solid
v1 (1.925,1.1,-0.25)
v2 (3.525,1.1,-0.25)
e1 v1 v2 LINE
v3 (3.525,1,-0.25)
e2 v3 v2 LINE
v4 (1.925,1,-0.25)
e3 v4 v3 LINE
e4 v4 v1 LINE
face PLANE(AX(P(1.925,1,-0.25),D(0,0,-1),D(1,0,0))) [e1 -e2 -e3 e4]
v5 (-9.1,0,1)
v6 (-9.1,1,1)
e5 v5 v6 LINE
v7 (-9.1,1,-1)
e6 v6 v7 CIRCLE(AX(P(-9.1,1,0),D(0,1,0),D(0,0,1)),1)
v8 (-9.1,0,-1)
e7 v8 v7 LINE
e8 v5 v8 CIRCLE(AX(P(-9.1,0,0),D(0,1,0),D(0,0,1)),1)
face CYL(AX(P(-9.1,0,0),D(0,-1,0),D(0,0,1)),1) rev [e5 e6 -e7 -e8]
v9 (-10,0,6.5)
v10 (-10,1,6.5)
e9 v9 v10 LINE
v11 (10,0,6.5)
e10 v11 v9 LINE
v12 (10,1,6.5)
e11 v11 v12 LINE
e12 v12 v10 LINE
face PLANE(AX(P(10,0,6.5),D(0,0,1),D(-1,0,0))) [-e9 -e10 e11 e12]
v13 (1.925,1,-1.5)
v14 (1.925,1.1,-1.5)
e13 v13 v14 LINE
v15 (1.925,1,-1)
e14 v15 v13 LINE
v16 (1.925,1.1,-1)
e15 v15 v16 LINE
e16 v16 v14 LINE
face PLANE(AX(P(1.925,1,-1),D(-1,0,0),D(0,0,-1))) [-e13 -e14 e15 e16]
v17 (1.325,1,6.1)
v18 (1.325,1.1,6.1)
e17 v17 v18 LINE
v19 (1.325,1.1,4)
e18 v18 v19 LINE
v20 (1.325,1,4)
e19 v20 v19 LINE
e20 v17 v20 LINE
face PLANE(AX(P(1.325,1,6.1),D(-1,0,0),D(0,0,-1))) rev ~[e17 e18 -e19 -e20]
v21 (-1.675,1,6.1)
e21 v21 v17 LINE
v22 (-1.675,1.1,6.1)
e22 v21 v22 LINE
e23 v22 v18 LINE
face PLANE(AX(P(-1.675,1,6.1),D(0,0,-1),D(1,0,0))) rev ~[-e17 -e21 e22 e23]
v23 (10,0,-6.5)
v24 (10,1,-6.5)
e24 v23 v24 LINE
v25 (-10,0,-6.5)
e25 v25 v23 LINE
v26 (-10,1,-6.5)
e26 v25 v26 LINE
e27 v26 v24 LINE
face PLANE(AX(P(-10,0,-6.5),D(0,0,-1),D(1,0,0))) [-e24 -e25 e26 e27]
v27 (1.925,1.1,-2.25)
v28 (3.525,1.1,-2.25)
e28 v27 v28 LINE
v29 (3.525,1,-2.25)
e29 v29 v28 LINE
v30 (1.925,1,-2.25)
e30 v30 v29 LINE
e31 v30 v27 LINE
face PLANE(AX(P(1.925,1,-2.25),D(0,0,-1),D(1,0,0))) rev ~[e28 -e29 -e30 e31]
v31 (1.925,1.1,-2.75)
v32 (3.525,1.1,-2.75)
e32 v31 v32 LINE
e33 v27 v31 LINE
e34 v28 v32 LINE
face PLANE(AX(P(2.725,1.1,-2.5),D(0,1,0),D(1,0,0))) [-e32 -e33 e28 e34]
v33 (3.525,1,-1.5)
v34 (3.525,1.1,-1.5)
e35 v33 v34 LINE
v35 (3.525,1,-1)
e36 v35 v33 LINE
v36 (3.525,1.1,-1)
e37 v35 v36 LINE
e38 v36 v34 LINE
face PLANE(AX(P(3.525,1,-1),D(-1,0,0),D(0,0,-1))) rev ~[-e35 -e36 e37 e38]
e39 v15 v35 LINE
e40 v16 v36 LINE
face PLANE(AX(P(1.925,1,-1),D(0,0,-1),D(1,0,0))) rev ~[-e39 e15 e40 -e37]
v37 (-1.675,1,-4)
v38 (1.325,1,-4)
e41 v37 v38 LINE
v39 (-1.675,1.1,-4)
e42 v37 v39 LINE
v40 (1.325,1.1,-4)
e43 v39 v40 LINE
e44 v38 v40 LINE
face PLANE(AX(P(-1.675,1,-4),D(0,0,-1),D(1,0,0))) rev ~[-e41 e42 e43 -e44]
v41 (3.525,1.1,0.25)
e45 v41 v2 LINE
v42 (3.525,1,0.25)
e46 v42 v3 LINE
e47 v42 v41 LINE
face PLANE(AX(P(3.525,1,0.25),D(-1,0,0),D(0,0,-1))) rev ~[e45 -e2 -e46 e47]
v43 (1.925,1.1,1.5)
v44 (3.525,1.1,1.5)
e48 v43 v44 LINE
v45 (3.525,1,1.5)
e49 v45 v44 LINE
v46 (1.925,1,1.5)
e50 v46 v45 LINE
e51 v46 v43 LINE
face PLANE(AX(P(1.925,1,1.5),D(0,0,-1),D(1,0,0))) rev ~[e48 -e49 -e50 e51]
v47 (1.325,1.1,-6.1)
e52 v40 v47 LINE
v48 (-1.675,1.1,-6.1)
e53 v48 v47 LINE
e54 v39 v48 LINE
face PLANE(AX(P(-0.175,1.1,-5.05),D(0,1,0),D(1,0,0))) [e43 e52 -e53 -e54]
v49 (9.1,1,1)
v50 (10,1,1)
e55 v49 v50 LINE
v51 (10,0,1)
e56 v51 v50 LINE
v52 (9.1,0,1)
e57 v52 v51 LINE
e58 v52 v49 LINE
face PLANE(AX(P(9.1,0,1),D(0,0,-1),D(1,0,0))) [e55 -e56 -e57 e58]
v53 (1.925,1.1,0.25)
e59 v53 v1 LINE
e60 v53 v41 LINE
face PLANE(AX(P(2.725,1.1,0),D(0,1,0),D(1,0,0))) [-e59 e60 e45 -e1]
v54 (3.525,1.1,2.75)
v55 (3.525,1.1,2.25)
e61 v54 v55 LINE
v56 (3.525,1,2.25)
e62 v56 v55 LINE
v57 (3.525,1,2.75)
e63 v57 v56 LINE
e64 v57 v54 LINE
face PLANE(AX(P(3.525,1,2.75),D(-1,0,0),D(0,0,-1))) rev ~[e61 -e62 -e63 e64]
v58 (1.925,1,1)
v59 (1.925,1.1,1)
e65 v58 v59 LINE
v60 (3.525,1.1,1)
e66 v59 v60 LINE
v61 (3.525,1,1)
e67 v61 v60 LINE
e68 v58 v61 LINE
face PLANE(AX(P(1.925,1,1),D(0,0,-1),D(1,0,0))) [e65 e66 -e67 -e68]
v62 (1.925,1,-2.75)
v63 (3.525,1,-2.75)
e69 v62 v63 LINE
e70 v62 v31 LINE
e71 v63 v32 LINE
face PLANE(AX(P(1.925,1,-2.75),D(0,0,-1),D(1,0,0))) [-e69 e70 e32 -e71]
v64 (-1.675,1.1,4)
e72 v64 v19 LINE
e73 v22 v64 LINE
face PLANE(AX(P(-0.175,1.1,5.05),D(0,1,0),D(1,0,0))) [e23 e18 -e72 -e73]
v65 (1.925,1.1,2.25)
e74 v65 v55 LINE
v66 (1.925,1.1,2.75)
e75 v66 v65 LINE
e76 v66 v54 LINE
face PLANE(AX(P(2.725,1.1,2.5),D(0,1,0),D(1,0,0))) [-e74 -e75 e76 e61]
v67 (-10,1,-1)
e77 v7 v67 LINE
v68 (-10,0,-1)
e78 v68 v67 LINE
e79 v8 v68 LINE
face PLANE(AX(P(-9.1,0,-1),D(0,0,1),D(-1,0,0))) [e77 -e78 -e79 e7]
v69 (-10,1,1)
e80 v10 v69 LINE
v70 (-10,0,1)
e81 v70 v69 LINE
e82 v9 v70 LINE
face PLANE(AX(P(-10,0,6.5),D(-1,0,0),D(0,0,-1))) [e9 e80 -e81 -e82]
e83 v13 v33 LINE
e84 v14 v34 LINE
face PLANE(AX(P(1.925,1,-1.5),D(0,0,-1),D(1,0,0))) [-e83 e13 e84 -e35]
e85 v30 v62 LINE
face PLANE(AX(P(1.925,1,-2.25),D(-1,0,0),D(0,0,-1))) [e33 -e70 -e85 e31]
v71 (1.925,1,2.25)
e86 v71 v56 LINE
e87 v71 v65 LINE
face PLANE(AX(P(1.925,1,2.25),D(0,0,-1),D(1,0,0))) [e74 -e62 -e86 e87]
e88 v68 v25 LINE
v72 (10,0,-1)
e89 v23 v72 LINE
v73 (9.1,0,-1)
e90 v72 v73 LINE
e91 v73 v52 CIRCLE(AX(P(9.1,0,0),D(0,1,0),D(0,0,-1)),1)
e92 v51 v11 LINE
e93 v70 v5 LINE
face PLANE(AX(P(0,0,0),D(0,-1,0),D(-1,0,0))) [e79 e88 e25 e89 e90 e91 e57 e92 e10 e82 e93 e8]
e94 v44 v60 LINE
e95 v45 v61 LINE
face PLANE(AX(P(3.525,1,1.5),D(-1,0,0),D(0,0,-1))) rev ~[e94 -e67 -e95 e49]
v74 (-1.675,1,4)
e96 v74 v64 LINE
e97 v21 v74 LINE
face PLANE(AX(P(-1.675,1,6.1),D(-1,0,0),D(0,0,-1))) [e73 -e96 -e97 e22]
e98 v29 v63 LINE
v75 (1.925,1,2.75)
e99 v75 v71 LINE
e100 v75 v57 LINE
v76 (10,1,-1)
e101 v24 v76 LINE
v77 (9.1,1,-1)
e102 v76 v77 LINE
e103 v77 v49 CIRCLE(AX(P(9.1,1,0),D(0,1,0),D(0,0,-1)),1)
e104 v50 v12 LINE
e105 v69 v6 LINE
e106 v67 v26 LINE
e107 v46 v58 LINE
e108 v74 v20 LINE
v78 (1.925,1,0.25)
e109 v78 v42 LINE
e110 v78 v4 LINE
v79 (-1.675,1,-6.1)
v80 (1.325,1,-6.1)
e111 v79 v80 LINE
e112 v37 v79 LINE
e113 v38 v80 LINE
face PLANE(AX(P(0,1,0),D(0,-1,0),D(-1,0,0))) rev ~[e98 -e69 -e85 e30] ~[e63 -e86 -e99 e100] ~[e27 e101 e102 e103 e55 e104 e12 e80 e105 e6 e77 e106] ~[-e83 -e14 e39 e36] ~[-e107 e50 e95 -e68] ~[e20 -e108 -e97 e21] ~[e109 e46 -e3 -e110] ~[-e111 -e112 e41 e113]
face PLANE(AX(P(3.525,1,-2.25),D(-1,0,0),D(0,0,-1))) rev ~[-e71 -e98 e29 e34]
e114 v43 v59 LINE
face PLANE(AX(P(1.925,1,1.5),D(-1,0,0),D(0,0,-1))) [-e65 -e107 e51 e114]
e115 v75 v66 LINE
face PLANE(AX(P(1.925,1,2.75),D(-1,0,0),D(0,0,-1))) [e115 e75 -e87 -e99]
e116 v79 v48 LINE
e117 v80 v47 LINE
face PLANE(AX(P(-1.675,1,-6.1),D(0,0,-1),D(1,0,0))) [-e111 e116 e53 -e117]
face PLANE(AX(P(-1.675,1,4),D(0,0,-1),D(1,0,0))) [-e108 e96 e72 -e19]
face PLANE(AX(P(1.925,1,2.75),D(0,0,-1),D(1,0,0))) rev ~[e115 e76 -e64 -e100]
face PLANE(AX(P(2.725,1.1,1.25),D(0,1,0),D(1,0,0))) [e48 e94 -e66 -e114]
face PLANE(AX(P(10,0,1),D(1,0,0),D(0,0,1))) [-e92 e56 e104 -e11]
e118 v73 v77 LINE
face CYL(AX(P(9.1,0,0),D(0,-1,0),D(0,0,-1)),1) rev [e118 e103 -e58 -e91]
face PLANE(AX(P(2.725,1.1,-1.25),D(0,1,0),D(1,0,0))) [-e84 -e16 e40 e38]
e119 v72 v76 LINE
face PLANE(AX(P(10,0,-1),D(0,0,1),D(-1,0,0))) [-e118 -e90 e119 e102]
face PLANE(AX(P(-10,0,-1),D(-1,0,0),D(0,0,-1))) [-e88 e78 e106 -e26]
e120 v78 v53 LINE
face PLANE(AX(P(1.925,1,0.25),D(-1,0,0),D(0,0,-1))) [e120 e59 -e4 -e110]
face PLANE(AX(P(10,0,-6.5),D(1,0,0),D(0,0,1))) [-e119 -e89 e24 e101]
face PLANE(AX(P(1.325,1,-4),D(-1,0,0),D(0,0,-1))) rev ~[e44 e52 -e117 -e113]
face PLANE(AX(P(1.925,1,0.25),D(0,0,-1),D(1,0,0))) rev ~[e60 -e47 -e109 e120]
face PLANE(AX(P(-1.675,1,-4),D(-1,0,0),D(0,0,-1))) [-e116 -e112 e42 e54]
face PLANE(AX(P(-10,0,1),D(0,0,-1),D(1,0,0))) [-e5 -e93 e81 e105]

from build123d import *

# Parameters (mm, degrees)
BOSS_EXTRUDE1_DEPTH = 1
SKETCH2_W           = 3
SKETCH2_H           = 2.1
SKETCH2_W_2         = 1.6
SKETCH2_H_2         = 0.5
BOSS_EXTRUDE2_DEPTH = 0.1


with BuildPart() as part:
    # Sketch1 → Boss-Extrude1 (new body)
    with BuildSketch(Plane(origin=(0, 0, 0), x_dir=(1, 0, 0), z_dir=(0, 1, 0))):
        with BuildLine():
            Line((-10, 6.5), (10, 6.5))
            Line((10, 6.5), (10, 1))
            Line((10, 1), (9.1, 1))
            ThreePointArc((9.1, 1), (8.1, 0), (9.1, -1))
            Line((9.1, -1), (10, -1))
            Line((10, -1), (10, -6.5))
            Line((10, -6.5), (-10, -6.5))
            Line((-10, -6.5), (-10, -1))
            Line((-10, -1), (-9.1, -1))
            ThreePointArc((-9.1, -1), (-8.1, 0), (-9.1, 1))
            Line((-9.1, 1), (-10, 1))
            Line((-10, 1), (-10, 6.5))
        make_face()
    extrude(amount=BOSS_EXTRUDE1_DEPTH)

    # Sketch2 → Boss-Extrude2 (add)
    with BuildSketch(Plane(origin=(0, 1, 0), x_dir=(1, 0, 0), z_dir=(0, 1, 0))):
        with Locations((-0.175, -5.05)):
            Rectangle(SKETCH2_W, SKETCH2_H)
        with Locations((2.725, -2.5)):
            Rectangle(SKETCH2_W_2, SKETCH2_H_2)
        with Locations((2.725, -1.25)):
            Rectangle(SKETCH2_W_2, SKETCH2_H_2)
        with Locations((2.725, 0)):
            Rectangle(SKETCH2_W_2, SKETCH2_H_2)
        with Locations((2.725, 1.25)):
            Rectangle(SKETCH2_W_2, SKETCH2_H_2)
        with Locations((2.725, 2.5)):
            Rectangle(SKETCH2_W_2, SKETCH2_H_2)
        with Locations((-0.175, 5.05)):
            Rectangle(SKETCH2_W, SKETCH2_H)
    extrude(amount=BOSS_EXTRUDE2_DEPTH)


solid = part.part
